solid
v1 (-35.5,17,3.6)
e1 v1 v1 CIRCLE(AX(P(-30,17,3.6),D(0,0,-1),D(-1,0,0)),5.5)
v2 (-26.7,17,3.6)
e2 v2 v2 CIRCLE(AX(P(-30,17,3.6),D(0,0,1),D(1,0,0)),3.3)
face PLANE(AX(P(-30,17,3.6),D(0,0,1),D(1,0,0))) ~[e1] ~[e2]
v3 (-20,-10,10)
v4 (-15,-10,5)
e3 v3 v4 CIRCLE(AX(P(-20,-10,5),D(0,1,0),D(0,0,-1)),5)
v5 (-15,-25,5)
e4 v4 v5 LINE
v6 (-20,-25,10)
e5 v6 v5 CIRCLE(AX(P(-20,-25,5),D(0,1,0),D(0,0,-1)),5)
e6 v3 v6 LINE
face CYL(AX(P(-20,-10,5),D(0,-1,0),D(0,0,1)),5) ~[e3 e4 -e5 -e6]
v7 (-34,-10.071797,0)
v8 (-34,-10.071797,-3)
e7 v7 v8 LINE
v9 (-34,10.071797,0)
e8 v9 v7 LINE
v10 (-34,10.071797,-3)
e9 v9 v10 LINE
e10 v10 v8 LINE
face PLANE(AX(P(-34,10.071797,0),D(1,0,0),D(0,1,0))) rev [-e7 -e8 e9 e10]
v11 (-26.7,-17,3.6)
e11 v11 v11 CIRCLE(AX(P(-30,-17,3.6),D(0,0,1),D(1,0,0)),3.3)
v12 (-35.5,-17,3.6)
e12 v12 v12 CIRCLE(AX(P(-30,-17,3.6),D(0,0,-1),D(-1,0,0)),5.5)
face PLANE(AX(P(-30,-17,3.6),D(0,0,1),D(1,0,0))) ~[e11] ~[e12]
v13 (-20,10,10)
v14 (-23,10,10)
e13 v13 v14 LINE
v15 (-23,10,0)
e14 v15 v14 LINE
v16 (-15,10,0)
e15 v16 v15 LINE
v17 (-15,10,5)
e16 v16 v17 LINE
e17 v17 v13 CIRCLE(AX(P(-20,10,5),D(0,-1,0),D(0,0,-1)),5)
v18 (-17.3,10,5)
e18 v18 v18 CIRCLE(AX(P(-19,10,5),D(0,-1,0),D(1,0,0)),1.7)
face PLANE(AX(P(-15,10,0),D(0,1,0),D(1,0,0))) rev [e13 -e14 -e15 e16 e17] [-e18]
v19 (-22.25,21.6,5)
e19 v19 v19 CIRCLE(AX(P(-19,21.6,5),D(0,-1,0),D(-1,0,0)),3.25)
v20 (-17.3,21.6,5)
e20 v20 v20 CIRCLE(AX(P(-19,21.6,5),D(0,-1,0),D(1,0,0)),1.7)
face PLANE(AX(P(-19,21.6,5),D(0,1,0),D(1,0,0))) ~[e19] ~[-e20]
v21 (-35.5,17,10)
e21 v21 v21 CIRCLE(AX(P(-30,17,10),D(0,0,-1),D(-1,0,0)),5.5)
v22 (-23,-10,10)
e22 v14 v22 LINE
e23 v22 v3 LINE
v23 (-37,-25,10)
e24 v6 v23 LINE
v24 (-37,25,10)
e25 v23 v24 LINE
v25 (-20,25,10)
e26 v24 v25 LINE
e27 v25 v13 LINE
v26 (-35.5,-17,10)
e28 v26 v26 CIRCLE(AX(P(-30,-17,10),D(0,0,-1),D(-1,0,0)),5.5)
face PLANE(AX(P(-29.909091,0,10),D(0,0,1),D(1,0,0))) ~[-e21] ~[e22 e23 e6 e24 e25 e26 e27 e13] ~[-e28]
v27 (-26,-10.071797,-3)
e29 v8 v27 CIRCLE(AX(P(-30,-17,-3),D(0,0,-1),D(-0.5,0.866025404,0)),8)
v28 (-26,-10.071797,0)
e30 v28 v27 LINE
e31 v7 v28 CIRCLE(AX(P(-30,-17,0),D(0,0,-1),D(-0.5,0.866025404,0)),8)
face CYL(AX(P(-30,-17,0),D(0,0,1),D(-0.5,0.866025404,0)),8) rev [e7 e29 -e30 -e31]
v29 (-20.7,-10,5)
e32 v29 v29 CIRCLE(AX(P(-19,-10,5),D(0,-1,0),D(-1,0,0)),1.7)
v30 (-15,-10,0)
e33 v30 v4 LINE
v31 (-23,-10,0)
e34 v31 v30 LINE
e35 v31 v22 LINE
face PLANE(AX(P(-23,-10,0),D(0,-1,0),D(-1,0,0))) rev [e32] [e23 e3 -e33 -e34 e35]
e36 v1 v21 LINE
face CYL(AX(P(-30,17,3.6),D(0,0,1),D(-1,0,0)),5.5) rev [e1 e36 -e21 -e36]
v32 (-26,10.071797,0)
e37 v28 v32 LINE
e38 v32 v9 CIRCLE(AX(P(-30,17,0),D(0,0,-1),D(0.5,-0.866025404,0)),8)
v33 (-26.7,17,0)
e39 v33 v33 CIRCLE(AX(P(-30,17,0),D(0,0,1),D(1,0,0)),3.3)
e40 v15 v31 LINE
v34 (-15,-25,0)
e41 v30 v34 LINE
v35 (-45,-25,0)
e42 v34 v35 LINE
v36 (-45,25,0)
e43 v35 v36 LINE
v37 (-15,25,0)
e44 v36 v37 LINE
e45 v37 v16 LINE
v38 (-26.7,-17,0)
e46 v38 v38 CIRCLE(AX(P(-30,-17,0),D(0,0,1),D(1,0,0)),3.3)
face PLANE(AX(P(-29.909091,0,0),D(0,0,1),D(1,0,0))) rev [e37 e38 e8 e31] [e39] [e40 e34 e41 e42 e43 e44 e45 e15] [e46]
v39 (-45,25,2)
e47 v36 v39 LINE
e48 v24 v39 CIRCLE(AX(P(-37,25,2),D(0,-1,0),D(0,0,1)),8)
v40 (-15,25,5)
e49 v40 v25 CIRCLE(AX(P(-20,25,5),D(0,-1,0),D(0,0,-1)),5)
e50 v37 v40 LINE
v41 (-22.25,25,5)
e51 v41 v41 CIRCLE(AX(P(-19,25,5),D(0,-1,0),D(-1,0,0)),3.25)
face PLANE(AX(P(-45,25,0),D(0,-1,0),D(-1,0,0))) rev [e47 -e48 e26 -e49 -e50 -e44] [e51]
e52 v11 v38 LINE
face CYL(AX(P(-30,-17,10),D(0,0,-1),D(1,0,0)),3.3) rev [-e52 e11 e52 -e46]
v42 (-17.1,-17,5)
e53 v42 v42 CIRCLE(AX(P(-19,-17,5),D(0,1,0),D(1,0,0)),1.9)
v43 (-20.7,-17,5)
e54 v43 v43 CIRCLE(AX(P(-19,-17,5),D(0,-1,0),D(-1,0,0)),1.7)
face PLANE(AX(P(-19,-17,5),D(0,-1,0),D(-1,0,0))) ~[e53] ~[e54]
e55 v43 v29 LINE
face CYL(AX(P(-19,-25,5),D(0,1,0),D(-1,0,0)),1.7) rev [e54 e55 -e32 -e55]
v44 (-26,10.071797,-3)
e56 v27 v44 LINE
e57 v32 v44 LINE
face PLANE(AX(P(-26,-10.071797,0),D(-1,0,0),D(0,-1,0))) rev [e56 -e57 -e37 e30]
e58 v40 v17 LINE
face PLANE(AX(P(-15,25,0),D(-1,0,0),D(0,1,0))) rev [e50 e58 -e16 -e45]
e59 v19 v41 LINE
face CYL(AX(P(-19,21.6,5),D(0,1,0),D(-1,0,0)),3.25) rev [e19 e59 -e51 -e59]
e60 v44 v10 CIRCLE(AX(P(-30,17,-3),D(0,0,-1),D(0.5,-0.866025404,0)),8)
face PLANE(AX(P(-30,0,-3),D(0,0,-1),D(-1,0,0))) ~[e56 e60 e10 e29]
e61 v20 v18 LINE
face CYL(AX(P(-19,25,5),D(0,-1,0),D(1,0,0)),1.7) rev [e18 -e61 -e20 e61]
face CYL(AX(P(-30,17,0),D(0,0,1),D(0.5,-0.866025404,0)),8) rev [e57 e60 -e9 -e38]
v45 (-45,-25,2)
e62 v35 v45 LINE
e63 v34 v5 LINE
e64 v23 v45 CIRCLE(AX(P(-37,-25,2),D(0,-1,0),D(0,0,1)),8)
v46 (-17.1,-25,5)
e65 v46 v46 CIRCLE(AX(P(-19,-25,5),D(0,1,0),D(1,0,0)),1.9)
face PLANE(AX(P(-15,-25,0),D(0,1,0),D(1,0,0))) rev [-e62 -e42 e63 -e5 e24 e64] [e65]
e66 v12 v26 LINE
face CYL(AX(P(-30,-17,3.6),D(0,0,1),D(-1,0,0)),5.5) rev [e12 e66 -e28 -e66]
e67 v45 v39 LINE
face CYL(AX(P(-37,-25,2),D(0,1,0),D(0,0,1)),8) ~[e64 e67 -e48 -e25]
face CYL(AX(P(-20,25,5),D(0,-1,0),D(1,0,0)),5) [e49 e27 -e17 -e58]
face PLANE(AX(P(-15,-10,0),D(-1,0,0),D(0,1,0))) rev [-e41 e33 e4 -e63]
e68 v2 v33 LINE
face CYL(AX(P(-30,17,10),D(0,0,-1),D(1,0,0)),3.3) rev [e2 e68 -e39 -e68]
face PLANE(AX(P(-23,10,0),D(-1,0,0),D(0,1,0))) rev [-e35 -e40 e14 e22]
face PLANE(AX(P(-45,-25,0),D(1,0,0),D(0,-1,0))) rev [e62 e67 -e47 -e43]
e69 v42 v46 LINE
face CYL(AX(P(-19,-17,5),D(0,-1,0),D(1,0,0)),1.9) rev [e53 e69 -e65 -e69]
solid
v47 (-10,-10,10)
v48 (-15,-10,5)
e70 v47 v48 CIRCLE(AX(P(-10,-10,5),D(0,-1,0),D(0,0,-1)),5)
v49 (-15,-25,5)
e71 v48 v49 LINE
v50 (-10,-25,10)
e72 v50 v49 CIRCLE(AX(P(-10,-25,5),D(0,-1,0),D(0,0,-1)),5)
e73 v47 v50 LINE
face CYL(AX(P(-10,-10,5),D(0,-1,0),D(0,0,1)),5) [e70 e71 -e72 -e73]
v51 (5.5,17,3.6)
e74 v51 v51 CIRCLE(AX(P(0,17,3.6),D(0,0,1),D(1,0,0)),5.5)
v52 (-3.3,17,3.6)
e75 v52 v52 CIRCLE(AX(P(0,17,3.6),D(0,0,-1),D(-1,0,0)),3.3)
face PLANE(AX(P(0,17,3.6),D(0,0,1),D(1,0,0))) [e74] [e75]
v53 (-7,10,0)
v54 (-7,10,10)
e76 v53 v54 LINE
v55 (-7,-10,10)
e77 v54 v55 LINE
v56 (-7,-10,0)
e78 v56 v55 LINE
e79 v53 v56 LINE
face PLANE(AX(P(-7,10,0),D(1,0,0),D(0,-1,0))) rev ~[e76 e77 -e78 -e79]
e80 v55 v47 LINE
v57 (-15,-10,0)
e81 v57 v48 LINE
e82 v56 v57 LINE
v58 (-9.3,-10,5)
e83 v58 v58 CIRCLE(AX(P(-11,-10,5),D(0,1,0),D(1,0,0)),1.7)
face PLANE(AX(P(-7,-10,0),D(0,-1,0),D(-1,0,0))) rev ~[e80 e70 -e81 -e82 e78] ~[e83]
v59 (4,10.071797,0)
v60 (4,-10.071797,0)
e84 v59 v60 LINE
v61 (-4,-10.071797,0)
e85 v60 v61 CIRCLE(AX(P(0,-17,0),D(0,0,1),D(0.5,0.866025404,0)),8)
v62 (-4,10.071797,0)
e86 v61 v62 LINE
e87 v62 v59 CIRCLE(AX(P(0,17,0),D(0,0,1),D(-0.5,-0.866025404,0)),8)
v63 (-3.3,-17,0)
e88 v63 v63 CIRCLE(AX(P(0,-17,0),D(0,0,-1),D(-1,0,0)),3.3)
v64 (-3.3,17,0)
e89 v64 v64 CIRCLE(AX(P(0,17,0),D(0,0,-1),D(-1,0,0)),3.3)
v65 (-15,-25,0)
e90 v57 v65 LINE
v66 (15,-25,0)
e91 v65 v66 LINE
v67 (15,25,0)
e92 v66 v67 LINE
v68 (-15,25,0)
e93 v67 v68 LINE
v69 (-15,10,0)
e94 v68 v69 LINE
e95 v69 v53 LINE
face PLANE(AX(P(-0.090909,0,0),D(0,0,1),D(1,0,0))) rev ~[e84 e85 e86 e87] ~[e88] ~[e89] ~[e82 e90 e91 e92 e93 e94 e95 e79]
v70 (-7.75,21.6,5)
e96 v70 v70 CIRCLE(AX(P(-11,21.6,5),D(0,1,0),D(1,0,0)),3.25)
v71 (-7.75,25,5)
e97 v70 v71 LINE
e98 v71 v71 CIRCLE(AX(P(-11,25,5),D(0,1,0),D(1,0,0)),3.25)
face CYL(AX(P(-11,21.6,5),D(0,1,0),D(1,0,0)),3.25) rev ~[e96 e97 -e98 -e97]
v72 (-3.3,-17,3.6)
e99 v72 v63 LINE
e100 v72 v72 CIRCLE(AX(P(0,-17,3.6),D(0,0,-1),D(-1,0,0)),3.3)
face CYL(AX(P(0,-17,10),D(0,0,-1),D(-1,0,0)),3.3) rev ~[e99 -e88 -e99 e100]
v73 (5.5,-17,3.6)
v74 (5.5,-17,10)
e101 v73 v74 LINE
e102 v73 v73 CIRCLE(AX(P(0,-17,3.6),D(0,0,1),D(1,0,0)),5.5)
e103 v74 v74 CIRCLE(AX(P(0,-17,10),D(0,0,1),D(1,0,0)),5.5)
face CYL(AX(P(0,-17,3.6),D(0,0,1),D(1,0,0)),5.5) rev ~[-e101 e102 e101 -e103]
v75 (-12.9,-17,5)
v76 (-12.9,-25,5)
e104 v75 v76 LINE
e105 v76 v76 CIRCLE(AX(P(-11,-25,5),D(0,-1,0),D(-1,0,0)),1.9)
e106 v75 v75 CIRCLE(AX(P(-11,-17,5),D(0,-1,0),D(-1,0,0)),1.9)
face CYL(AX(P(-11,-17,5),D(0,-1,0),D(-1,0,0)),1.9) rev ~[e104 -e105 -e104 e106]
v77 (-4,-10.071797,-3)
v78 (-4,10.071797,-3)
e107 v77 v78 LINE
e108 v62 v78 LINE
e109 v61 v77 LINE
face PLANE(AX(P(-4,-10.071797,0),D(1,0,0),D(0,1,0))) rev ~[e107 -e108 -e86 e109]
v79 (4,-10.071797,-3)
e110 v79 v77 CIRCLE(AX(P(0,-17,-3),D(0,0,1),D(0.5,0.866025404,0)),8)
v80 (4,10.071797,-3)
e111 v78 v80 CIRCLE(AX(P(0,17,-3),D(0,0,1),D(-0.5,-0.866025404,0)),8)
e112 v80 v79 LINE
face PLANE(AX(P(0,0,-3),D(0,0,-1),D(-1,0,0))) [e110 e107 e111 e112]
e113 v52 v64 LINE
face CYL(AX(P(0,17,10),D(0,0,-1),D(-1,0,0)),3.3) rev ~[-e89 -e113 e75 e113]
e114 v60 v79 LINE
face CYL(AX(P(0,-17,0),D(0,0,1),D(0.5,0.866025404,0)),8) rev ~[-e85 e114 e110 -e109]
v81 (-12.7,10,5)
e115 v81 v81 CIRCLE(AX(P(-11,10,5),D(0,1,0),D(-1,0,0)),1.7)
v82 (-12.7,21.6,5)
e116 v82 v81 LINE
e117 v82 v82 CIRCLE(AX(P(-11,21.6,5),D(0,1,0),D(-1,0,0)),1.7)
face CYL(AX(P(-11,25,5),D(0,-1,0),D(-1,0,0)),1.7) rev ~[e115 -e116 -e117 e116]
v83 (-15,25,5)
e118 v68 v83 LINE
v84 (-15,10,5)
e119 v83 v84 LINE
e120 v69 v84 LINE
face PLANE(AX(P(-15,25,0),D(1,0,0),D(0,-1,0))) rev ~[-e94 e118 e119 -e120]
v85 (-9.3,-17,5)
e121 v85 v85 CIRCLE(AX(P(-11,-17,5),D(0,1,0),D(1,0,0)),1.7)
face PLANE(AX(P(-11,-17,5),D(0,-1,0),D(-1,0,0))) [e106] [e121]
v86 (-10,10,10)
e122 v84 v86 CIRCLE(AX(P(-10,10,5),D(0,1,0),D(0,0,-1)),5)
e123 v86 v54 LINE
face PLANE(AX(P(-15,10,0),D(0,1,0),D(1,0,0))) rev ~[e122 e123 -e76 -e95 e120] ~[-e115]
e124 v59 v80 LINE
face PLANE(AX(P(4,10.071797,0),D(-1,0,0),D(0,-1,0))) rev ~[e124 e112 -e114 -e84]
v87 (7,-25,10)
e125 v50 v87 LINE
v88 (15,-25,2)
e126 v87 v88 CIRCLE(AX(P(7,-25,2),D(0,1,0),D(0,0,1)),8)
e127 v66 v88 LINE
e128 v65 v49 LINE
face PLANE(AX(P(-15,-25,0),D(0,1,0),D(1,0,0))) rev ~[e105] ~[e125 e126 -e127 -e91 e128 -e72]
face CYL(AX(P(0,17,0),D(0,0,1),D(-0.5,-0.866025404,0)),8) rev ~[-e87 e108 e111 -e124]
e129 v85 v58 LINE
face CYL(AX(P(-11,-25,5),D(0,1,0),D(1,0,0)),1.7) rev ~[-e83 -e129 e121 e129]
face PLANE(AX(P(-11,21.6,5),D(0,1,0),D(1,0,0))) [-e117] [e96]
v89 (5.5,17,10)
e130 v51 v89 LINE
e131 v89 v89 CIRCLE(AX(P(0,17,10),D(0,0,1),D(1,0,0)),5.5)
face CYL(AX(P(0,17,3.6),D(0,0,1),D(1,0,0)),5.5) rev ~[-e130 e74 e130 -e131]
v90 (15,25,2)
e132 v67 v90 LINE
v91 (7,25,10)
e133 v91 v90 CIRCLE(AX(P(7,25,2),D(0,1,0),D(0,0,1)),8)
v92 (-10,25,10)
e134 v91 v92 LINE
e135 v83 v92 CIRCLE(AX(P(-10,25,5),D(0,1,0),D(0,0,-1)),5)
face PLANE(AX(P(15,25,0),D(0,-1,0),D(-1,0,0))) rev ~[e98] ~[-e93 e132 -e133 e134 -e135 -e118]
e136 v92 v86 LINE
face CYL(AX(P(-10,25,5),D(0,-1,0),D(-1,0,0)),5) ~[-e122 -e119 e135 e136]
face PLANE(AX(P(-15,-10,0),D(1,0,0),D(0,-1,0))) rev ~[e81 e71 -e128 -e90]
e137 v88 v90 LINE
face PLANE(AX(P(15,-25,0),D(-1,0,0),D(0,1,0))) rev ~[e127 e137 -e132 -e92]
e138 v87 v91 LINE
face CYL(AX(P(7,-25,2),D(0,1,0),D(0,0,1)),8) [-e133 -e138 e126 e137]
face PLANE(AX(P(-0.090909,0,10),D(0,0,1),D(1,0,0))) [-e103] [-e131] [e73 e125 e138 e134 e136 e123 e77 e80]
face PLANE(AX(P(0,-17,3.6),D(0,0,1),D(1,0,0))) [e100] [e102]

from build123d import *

# Parameters (mm, degrees)
BASE_DEPTH               = 10
MOUNT_HOLES_D            = 6.6
MOUNT_HOLES_CBORE_D      = 11
MOUNT_HOLES_CBORE_DEPTH  = 6.4
TOP_HINGE_D              = 3.4
TOP_HINGE_DEPTH          = 15
TOP_HINGE_CBORE_D        = 6.5
TOP_HINGE_CBORE_DEPTH    = 3.4
BOTTOM_HINGE_D           = 3.4
BOTTOM_HINGE_CBORE_D     = 3.8
BOTTOM_HINGE_CBORE_DEPTH = 8
PROFILE_CLICK_DEPTH      = 3
HINGE_ROUND_R            = 5
ZAOBLIT2_R               = 8


with BuildPart() as part:
    # Base sketch → Base (new body)
    with BuildSketch(Plane.XY):
        Polygon((-15, 25), (-15, 10), (-7, 10), (-7, -10), (-15, -10), (-15, -25), (15, -25), (15, 25), align=None)
    extrude(amount=BASE_DEPTH)

    # Mount holes (through all)
    with Locations(Plane.XY.offset(10)):
        with Locations((0, 17), (0, -17)):
            CounterBoreHole(MOUNT_HOLES_D / 2, MOUNT_HOLES_CBORE_D / 2, MOUNT_HOLES_CBORE_DEPTH)

    # Top hinge
    with Locations(Plane(origin=(0, 25, 0), x_dir=(1, 0, 0), z_dir=(0, 1, 0))):
        with Locations((-11, -5)):
            CounterBoreHole(TOP_HINGE_D / 2, TOP_HINGE_CBORE_D / 2, TOP_HINGE_CBORE_DEPTH, depth=TOP_HINGE_DEPTH)

    # Bottom hinge (through all)
    with Locations(Plane(origin=(0, -25, 0), x_dir=(-1, 0, 0), z_dir=(0, -1, 0))):
        with Locations((11, -5)):
            CounterBoreHole(BOTTOM_HINGE_D / 2, BOTTOM_HINGE_CBORE_D / 2, BOTTOM_HINGE_CBORE_DEPTH)

    # profile sketch → Profile click (add)
    with BuildSketch(Plane(origin=(0, 0, 0), x_dir=(-1, 0, 0), z_dir=(0, 0, -1))):
        with BuildLine():
            ThreePointArc((4, 10.07179677), (0, 9), (-4, 10.07179677))
            Line((-4, 10.07179677), (-4, -10.07179677))
            ThreePointArc((-4, -10.07179677), (0, -9), (4, -10.07179677))
            Line((4, -10.07179677), (4, 10.07179677))
        make_face()
    extrude(amount=PROFILE_CLICK_DEPTH)

    # Hinge round
    hinge_round_edges = [part.edges().sort_by_distance(p)[0] for p in [
        (-15, -17.5, 10),
        (-15, 17.5, 10),
    ]]
    fillet(hinge_round_edges, radius=HINGE_ROUND_R)

    # Zaoblit2
    zaoblit2_edges = [part.edges().sort_by_distance(p)[0] for p in [
        (15, 0, 10),
    ]]
    fillet(zaoblit2_edges, radius=ZAOBLIT2_R)


with BuildPart() as body_2:
    # Mirror R: mirrored copy
    add(part.part.mirror(Plane(origin=(-15, 0, 10), x_dir=(0, 0, 1), z_dir=(1, 0, 0))))


solid = Compound([part.part, body_2.part])
